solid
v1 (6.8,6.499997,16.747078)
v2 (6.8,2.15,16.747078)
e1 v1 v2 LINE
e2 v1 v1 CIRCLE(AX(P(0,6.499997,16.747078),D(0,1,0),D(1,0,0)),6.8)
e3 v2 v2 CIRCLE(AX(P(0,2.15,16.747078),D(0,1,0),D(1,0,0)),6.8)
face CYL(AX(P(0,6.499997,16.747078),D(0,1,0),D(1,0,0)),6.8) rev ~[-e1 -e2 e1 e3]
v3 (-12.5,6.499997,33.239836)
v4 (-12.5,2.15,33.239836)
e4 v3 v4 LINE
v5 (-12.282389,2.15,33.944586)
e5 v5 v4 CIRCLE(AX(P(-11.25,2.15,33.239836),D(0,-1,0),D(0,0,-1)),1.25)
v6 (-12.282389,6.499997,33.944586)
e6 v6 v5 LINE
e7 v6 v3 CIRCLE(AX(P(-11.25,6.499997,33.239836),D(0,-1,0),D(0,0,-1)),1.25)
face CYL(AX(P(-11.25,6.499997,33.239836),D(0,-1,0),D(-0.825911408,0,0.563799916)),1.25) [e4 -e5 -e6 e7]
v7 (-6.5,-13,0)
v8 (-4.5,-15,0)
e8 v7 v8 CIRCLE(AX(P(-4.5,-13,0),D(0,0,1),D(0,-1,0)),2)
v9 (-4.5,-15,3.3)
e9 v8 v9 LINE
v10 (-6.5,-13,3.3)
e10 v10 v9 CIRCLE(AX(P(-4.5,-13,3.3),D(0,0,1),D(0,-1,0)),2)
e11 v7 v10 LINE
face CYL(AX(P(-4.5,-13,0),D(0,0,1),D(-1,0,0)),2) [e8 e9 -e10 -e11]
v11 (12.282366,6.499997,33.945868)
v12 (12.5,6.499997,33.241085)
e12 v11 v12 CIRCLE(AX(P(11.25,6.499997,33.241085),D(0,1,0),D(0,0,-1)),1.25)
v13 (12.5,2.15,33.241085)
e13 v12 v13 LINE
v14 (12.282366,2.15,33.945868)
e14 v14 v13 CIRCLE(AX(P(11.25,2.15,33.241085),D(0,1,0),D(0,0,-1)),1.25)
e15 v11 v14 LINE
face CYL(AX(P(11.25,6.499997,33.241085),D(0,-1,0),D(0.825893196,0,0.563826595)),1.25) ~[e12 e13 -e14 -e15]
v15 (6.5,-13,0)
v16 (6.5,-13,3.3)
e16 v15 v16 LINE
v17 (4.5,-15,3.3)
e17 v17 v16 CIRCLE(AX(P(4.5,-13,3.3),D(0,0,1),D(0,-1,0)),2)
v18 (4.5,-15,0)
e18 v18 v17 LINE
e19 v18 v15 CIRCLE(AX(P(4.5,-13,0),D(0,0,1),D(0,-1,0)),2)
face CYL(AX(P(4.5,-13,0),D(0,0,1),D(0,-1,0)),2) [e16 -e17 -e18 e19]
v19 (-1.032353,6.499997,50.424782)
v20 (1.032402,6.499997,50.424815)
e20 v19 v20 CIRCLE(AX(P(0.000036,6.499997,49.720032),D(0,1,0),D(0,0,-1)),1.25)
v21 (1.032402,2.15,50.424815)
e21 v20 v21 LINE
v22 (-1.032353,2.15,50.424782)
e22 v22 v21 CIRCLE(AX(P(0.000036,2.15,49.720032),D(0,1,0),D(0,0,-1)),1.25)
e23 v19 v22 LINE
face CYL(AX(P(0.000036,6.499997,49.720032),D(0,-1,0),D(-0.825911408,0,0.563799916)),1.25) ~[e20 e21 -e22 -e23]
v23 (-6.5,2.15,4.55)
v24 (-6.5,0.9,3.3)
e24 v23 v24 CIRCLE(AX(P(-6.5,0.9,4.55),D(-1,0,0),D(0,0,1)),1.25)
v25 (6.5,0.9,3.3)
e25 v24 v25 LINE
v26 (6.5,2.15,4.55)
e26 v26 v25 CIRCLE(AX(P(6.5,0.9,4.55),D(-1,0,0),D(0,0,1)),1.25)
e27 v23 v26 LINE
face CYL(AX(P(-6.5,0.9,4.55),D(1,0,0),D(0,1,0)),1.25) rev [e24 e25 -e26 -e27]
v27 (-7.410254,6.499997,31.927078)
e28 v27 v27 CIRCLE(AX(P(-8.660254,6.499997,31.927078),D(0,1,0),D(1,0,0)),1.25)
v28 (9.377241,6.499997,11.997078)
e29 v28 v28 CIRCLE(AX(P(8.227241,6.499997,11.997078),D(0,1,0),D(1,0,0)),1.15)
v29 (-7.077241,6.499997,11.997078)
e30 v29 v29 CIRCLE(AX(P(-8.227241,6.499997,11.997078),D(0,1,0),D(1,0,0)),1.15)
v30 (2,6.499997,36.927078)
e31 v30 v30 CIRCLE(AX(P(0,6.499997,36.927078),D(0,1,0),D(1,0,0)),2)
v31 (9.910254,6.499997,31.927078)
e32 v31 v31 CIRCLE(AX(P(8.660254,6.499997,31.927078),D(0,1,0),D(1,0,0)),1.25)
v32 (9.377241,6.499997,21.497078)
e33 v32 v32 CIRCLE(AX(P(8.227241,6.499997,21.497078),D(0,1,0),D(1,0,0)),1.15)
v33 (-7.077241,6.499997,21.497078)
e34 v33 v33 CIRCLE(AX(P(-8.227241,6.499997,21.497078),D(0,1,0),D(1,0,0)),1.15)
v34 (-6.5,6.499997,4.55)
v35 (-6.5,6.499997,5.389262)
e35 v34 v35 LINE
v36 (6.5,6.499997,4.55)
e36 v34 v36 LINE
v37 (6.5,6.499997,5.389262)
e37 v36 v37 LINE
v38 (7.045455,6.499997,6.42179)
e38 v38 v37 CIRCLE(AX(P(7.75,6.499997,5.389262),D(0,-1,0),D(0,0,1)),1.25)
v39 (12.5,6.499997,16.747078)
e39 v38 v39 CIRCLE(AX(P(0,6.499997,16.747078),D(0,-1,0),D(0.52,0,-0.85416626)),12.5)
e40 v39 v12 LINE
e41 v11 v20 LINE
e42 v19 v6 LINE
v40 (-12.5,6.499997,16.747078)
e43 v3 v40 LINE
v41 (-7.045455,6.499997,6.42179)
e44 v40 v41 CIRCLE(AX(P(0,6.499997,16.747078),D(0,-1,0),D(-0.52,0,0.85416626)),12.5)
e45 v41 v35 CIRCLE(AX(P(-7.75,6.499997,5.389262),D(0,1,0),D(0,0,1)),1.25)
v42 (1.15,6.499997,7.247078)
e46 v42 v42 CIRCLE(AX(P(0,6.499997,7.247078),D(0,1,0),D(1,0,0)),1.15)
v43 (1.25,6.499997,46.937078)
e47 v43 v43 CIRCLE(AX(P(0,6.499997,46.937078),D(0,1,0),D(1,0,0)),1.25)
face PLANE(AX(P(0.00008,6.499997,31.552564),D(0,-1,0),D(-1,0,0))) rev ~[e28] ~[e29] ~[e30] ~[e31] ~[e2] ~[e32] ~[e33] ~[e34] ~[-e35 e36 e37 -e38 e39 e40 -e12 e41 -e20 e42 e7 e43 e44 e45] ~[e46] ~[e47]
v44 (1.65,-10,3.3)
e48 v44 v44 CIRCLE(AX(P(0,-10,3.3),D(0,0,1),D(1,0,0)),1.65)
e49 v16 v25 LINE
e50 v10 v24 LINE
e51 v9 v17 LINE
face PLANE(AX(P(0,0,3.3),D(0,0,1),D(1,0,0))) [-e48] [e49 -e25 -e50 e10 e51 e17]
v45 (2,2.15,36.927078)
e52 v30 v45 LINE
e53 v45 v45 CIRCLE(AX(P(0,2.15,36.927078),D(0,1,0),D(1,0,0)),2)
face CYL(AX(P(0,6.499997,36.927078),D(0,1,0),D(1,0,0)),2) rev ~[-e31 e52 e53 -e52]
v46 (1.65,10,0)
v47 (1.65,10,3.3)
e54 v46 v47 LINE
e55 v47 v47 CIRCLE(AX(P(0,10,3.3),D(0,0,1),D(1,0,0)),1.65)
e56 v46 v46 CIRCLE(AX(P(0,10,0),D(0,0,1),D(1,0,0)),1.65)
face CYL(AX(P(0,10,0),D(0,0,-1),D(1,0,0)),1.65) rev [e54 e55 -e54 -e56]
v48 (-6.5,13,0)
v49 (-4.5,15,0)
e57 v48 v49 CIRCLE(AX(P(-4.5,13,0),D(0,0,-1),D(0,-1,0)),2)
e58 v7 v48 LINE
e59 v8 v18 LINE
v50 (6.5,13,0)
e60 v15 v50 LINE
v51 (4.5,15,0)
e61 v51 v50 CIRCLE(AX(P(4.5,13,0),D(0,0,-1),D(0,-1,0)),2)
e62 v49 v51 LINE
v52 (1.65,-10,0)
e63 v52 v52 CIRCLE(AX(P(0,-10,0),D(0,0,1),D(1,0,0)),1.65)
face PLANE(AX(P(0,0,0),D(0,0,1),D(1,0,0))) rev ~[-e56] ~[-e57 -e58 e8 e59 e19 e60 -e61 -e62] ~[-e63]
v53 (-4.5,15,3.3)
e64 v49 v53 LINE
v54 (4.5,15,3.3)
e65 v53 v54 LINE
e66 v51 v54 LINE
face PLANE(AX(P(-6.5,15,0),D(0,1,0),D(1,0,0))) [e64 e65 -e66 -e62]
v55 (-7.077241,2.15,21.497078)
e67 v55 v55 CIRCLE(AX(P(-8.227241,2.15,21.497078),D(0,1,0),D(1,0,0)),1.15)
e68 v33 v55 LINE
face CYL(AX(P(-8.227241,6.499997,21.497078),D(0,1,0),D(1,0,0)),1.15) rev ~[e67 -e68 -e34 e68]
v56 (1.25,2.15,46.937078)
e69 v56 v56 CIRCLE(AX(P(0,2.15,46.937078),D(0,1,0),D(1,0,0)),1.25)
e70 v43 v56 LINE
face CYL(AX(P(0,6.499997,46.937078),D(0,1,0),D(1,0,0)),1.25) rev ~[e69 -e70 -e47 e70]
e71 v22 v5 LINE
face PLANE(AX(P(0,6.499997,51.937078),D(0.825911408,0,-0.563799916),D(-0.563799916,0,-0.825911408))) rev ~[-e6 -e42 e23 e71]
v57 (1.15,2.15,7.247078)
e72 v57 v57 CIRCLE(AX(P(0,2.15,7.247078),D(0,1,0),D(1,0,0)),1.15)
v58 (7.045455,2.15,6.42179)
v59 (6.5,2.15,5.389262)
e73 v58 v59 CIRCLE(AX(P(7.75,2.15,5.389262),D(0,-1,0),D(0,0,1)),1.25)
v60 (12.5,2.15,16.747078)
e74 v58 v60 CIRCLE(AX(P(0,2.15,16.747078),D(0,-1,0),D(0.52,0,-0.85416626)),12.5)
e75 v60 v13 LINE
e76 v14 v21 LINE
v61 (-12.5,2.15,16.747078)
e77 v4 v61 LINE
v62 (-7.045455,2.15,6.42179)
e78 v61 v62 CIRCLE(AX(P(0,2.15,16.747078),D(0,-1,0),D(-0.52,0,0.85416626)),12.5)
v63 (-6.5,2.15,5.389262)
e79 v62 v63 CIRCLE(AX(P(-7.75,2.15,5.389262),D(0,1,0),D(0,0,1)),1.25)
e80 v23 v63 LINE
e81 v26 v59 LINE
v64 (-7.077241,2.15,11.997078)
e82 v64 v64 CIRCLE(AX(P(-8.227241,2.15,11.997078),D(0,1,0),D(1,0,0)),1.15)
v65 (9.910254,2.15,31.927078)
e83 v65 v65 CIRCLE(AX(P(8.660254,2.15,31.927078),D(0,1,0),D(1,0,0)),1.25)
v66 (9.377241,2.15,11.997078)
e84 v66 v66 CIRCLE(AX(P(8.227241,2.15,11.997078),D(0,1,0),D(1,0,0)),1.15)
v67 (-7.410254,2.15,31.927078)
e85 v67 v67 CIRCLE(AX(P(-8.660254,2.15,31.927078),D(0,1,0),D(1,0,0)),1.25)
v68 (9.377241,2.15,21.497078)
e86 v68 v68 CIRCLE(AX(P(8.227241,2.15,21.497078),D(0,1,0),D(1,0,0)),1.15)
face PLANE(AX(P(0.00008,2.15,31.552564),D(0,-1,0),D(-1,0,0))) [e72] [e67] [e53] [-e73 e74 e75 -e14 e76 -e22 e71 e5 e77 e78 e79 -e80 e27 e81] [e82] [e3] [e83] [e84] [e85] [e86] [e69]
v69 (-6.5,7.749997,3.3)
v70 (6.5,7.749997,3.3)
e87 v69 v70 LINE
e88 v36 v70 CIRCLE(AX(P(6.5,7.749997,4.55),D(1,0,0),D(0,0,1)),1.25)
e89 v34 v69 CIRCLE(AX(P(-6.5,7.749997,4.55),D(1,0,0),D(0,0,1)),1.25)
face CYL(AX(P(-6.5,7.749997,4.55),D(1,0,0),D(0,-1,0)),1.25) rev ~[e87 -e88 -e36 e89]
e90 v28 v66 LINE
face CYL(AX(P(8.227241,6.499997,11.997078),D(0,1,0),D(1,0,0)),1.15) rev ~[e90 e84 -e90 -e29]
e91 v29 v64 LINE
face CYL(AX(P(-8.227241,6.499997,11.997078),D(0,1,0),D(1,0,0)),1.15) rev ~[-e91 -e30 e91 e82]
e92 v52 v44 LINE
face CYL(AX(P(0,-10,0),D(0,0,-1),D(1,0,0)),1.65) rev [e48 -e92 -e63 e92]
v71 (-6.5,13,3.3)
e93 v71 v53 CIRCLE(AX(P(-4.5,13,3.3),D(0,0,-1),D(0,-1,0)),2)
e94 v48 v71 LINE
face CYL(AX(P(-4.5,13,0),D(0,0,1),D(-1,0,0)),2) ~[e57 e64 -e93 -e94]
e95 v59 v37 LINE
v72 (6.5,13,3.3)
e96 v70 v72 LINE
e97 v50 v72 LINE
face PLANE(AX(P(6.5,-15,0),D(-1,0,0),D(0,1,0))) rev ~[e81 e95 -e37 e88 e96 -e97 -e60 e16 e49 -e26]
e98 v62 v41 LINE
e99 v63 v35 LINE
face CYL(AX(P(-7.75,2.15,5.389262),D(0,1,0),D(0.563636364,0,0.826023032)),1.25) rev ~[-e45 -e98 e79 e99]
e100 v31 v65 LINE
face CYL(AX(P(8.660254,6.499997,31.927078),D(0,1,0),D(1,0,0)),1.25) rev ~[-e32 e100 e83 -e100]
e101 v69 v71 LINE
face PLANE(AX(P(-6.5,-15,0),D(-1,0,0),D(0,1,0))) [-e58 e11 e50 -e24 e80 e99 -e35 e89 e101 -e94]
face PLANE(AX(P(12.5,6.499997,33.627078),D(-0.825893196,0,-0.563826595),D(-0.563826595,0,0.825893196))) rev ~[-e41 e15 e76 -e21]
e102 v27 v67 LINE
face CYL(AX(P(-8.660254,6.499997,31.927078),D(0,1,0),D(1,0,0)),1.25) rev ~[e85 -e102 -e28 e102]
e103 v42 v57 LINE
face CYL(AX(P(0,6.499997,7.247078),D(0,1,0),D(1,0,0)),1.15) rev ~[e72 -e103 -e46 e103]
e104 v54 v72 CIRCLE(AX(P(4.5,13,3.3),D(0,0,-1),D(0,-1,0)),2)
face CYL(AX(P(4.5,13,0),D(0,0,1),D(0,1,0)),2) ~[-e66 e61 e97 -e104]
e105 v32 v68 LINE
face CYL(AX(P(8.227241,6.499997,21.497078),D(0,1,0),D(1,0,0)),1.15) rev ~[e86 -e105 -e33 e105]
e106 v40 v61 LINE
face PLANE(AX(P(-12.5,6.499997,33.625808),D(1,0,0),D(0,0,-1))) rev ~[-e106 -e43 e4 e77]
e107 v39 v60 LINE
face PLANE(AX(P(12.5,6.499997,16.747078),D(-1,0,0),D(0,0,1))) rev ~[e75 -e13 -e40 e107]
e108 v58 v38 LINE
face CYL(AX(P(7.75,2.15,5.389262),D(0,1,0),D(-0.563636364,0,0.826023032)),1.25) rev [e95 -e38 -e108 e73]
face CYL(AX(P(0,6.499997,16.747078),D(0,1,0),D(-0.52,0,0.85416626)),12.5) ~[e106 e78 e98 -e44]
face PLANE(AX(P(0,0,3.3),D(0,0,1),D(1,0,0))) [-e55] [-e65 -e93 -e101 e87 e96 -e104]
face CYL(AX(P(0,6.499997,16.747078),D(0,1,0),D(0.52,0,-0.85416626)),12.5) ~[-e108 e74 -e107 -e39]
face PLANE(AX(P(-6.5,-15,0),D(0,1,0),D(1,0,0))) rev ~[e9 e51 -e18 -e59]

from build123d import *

# Parameters (mm, degrees)
ESQUISSE1_W             = 13
ESQUISSE1_H             = 30
ESQUISSE1_R             = 1.65
BOSS_EXTRU_1_DEPTH      = 3.3
CONG_1_R                = 2
ESQUISSE2_W             = 13
ESQUISSE2_H             = 4.34999702
BOSS_EXTRU_2_DEPTH      = 2.77
ESQUISSE4_R             = 6.8
BOSS_EXTRU_4_DEPTH      = 4.349997
ESQUISSE6_R             = 1.15
ENL_V_MAT_EXTRU_2_DEPTH = 22.49999702
ESQUISSE8_R             = 2
ESQUISSE8_R_2           = 1.25
BOSS_EXTRU_5_DEPTH      = 4.349997
CONG_2_R                = 1.25


with BuildPart() as part:
    # Esquisse1 → Boss.-Extru.1 (new body)
    with BuildSketch(Plane.XY):
        Rectangle(ESQUISSE1_W, ESQUISSE1_H)
        with Locations((0, 10)):
            Circle(ESQUISSE1_R, mode=Mode.SUBTRACT)
        with Locations((0, -10)):
            Circle(ESQUISSE1_R, mode=Mode.SUBTRACT)
    extrude(amount=BOSS_EXTRU_1_DEPTH)

    # Congé1
    cong_1_edges = [part.edges().sort_by_distance(p)[0] for p in [
        (6.5, -15, 1.65),
        (-6.5, -15, 1.65),
        (-6.5, 15, 1.65),
        (6.5, 15, 1.65),
    ]]
    fillet(cong_1_edges, radius=CONG_1_R)

    # Esquisse2 → Boss.-Extru.2 (add)
    with BuildSketch(Plane.XY.offset(3.3)):
        with Locations((0, 4.32499851)):
            Rectangle(ESQUISSE2_W, ESQUISSE2_H)
    extrude(amount=BOSS_EXTRU_2_DEPTH)

    # Esquisse4 → Boss.-Extru.4 (add)
    with BuildSketch(Plane(origin=(0, 6.49999702, 0), x_dir=(1, 0, 0), z_dir=(0, 1, 0))):
        with BuildLine():
            Line((-6.5, -6.07), (6.5, -6.07))
            ThreePointArc((6.5, -6.07), (12.5, -16.747078252), (6.5, -27.424156504))
            Line((6.5, -27.424156504), (-6.5, -27.424156504))
            ThreePointArc((-6.5, -27.424156504), (-12.5, -16.747078252), (-6.5, -6.07))
        make_face()
        with Locations((0, -16.747078252)):
            Circle(ESQUISSE4_R, mode=Mode.SUBTRACT)
    extrude(amount=-BOSS_EXTRU_4_DEPTH)

    # Esquisse6 → Enlèv. mat.-Extru.2 (cut, through all)
    with BuildSketch(Plane(origin=(0, 6.49999702, 0), x_dir=(1, 0, 0), z_dir=(0, 1, 0))):
        with Locations((0, -7.247078252)):
            Circle(ESQUISSE6_R)
        with Locations((-8.227241336, -11.997078252)):
            Circle(ESQUISSE6_R)
        with Locations((8.227241336, -11.997078252)):
            Circle(ESQUISSE6_R)
        with Locations((-8.227241336, -21.497078252)):
            Circle(ESQUISSE6_R)
        with Locations((8.227241336, -21.497078252)):
            Circle(ESQUISSE6_R)
    extrude(amount=-ENL_V_MAT_EXTRU_2_DEPTH, mode=Mode.SUBTRACT)

    # Esquisse8 → Boss.-Extru.5 (add)
    with BuildSketch(Plane(origin=(0, 6.49999702, 0), x_dir=(1, 0, 0), z_dir=(0, 1, 0))):
        with BuildLine():
            Line((0, -51.937078252), (-12.5, -33.625808063))
            Line((-12.5, -33.625808063), (-12.5, -16.747078252))
            ThreePointArc((-12.5, -16.747078252), (-10.897247359, -22.870802609), (-6.5, -27.424156504))
            Line((-6.5, -27.424156504), (6.5, -27.424156504))
            ThreePointArc((6.5, -27.424156504), (10.897247359, -22.870802609), (12.5, -16.747078252))
            Line((12.5, -16.747078252), (12.5, -33.627078252))
            Line((12.5, -33.627078252), (0, -51.937078252))
        make_face()
        with Locations((0, -36.927078252)):
            Circle(ESQUISSE8_R, mode=Mode.SUBTRACT)
        with Locations((8.660254038, -31.927078252)):
            Circle(ESQUISSE8_R_2, mode=Mode.SUBTRACT)
        with Locations((-8.660254038, -31.927078252)):
            Circle(ESQUISSE8_R_2, mode=Mode.SUBTRACT)
        with Locations((0, -46.937078252)):
            Circle(ESQUISSE8_R_2, mode=Mode.SUBTRACT)
    extrude(amount=-BOSS_EXTRU_5_DEPTH)

    # Congé2
    cong_2_edges = [part.edges().sort_by_distance(p)[0] for p in [
        (-12.5, 4.32499852, 33.625808063),
        (0, 4.32499852, 51.937078252),
        (12.5, 4.32499852, 33.627078252),
        (0, 6.49999702, 3.3),
        (0, 2.15, 3.3),
        (6.5, 4.32499851, 6.07),
        (-6.5, 4.32499851, 6.07),
    ]]
    fillet(cong_2_edges, radius=CONG_2_R)


solid = part.part
